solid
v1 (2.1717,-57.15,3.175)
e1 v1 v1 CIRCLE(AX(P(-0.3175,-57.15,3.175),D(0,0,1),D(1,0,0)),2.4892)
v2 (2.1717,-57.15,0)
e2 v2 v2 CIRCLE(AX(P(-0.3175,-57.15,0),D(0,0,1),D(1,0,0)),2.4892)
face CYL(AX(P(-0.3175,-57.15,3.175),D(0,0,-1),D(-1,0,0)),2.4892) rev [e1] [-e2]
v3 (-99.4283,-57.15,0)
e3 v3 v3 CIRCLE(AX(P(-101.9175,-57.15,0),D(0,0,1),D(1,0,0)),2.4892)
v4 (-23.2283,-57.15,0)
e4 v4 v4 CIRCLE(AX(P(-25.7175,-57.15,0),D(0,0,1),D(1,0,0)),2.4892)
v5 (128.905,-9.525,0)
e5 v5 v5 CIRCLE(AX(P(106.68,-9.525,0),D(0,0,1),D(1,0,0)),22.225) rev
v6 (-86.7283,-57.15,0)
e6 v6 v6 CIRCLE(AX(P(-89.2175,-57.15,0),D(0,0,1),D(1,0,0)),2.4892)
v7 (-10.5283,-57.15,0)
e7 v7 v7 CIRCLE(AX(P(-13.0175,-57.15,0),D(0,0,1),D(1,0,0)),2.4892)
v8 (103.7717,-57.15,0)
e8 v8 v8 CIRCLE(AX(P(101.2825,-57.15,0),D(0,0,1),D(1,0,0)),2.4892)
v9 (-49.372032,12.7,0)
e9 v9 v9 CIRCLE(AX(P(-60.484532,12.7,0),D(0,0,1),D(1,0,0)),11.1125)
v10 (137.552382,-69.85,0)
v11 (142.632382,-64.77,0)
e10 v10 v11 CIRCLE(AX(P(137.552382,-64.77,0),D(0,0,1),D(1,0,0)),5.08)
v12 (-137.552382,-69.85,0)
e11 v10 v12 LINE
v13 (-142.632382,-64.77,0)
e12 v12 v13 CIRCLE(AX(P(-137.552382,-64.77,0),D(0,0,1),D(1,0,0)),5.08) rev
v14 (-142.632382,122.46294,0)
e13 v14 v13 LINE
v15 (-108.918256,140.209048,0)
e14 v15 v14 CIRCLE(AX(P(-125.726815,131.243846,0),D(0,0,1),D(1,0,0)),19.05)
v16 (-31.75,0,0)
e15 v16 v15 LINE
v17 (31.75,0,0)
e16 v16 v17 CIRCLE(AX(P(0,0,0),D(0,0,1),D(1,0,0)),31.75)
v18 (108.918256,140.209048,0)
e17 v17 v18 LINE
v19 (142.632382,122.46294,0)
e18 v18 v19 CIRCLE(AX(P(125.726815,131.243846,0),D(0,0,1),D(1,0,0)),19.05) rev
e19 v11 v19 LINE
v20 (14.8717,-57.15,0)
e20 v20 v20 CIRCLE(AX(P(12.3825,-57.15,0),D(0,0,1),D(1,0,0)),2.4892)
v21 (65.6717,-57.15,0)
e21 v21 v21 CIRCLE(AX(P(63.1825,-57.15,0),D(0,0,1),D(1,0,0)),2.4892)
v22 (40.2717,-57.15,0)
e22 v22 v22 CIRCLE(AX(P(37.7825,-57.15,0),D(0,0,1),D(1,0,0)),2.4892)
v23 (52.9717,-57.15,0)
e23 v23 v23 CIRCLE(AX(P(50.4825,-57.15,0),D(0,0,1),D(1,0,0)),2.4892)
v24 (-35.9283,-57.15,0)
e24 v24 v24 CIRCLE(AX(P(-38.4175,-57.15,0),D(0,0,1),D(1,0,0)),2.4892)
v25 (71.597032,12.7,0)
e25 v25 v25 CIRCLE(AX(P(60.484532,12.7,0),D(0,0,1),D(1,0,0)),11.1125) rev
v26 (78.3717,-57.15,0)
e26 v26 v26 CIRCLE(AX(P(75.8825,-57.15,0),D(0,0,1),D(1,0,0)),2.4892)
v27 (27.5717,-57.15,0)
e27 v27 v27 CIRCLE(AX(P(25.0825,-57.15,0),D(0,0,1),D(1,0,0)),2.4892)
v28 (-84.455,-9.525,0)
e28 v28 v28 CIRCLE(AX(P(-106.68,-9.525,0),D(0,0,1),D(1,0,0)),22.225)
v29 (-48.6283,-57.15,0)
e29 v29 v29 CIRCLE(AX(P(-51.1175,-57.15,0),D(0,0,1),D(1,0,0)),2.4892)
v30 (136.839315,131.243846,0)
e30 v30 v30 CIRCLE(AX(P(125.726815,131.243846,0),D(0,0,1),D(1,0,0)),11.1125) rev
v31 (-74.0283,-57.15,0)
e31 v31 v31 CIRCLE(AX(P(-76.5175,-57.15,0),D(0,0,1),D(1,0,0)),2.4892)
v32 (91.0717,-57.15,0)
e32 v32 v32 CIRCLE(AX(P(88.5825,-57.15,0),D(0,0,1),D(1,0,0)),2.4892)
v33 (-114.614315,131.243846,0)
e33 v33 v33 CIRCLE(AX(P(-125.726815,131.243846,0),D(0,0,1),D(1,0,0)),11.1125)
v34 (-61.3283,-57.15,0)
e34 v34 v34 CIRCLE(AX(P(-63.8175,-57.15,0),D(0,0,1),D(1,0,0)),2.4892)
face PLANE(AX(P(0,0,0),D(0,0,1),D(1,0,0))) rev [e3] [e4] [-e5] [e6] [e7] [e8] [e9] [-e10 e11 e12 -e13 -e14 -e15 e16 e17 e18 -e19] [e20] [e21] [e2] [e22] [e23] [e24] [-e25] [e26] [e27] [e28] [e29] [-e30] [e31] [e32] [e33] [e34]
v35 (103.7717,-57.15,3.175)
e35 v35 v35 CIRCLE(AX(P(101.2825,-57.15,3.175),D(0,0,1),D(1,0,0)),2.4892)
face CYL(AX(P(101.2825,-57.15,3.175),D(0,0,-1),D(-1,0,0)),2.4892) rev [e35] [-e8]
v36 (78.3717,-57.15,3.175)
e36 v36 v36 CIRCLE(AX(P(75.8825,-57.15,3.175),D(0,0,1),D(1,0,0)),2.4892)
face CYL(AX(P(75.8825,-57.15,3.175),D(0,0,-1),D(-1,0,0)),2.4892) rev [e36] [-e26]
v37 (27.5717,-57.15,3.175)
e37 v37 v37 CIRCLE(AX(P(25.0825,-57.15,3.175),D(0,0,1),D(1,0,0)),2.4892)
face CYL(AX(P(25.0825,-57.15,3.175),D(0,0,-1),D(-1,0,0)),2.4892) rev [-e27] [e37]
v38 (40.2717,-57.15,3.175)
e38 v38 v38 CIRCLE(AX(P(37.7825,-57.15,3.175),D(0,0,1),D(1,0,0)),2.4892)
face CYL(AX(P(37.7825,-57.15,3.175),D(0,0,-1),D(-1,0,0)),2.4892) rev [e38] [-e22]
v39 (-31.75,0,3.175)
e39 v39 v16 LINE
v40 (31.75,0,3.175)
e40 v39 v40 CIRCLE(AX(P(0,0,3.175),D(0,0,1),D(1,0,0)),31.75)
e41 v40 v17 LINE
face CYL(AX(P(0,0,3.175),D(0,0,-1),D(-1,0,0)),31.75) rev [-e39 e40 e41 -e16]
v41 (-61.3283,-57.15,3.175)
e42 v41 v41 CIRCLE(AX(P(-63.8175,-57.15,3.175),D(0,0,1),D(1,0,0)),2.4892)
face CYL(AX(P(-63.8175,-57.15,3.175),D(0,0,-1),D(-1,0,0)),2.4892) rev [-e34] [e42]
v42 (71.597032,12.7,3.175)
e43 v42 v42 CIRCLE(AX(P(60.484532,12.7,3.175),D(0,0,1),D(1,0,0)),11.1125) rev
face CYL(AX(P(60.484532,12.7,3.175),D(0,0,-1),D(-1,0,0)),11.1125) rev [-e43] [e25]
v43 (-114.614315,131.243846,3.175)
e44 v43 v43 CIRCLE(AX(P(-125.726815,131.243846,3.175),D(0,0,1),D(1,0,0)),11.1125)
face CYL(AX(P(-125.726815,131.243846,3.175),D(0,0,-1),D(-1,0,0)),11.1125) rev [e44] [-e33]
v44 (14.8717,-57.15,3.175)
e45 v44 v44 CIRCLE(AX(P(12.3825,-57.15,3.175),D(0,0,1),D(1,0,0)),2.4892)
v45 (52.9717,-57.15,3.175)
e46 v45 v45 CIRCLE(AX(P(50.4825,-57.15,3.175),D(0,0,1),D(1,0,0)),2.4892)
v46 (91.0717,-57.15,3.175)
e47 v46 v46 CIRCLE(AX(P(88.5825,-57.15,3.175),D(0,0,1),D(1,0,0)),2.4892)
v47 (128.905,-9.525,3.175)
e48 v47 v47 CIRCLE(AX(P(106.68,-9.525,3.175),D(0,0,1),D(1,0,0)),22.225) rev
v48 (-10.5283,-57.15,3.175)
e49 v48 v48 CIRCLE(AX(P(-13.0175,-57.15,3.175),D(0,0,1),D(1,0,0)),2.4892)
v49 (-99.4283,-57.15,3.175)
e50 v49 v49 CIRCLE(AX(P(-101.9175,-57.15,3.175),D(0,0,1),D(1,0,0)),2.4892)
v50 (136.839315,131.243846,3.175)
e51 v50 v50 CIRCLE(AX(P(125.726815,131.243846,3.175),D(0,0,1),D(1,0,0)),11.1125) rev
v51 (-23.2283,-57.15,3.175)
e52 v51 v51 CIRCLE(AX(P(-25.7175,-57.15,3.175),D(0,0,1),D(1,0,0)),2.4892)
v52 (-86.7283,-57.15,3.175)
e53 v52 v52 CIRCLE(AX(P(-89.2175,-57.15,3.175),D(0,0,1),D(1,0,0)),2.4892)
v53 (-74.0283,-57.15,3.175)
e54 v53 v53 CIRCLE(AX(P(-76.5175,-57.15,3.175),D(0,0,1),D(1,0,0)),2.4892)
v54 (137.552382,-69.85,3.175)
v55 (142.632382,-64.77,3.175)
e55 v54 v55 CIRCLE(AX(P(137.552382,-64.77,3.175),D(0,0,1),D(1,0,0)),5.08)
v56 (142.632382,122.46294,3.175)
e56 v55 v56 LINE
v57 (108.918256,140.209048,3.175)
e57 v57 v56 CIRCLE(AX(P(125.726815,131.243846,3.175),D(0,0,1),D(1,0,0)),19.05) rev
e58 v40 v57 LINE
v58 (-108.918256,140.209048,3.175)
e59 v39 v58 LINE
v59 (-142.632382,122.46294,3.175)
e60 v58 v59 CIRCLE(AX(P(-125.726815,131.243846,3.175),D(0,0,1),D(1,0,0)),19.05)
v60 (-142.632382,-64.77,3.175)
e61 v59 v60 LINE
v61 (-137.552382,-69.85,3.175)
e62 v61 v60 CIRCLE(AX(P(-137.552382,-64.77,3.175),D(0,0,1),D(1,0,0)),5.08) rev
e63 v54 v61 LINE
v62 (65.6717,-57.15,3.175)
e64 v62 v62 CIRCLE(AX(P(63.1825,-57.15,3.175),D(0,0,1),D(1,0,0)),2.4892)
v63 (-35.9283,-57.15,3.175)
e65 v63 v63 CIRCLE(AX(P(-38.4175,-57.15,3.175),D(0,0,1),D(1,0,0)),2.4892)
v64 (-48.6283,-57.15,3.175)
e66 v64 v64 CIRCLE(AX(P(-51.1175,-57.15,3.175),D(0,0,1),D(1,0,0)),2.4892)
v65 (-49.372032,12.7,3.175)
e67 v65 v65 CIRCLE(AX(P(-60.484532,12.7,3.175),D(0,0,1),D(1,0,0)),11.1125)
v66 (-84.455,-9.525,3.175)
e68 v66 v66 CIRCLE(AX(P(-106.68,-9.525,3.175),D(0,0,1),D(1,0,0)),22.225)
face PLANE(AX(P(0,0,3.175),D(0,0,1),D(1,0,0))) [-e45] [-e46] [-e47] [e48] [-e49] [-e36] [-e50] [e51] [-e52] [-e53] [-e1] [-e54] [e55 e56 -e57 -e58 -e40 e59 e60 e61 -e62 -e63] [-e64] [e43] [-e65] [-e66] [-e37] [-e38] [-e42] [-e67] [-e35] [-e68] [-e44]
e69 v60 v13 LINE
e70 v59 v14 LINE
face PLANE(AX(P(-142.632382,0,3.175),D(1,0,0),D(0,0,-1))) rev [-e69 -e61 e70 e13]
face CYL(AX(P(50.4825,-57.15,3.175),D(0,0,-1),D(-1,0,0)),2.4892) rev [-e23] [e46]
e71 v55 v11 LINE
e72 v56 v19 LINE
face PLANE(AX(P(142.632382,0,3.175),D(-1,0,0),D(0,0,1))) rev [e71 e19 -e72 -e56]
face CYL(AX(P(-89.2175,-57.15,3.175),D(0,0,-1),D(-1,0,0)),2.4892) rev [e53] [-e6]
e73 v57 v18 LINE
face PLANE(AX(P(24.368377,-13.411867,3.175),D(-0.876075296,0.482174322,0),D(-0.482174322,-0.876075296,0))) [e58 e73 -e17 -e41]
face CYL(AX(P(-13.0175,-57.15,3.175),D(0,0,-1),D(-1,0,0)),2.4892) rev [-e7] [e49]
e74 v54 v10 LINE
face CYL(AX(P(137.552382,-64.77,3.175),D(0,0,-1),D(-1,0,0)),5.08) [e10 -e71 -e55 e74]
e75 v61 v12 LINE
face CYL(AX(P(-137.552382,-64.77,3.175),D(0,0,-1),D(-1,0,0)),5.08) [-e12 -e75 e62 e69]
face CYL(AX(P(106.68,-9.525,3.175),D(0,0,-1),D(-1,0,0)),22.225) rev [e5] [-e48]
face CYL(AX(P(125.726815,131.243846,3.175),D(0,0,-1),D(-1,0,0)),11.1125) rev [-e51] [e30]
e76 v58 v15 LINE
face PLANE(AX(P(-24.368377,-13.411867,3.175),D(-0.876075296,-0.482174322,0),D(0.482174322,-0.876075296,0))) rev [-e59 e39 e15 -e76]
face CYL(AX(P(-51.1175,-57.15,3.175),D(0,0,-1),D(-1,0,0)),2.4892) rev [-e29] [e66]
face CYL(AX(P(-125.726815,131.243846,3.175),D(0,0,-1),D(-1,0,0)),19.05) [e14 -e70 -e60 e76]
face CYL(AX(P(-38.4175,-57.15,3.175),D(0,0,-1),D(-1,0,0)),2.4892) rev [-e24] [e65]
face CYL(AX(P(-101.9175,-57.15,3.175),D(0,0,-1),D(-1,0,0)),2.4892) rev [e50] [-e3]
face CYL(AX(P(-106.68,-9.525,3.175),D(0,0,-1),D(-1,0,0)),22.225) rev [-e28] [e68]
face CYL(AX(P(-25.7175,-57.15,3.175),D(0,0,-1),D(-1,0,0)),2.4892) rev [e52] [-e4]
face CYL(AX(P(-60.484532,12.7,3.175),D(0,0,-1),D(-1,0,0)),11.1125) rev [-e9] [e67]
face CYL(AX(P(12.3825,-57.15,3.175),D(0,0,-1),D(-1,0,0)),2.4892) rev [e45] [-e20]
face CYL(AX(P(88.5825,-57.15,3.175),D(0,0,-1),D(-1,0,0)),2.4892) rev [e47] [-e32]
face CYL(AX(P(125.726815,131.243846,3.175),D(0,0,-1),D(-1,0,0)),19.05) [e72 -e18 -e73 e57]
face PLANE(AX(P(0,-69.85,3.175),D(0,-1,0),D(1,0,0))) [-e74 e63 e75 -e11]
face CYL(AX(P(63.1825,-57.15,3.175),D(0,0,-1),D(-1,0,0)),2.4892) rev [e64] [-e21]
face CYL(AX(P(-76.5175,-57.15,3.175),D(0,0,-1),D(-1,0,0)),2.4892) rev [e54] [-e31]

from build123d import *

# Parameters (mm, degrees)
SKETCH2_R           = 11.1125
SKETCH2_R_2         = 2.4892
SKETCH2_R_3         = 22.225
BOSS_EXTRUDE1_DEPTH = 3.175


with BuildPart() as part:
    # Sketch2 → Boss-Extrude1 (new body)
    with BuildSketch(Plane.XY):
        with BuildLine():
            Line((-142.632381685, -29.937060043), (-142.632381685, -64.77))
            ThreePointArc((-142.632381685, -64.77), (-141.144484133, -68.362102448), (-137.552381685, -69.85))
            Line((-137.552381685, -69.85), (137.552381685, -69.85))
            ThreePointArc((137.552381685, -69.85), (141.144484133, -68.362102448), (142.632381685, -64.77))
            Line((142.632381685, -64.77), (142.632381685, -29.937060043))
            Line((142.632381685, -29.937060043), (142.632381685, 122.462939957))
            ThreePointArc((142.632381685, 122.462939957), (134.600001748, 148.101160684), (108.918256203, 140.209048469))
            Line((108.918256203, 140.209048469), (31.75, 0))
            ThreePointArc((31.75, 0), (0, -31.75), (-31.75, 0))
            Line((-31.75, 0), (-108.918256203, 140.209048469))
            ThreePointArc((-108.918256203, 140.209048469), (-134.600001748, 148.101160684), (-142.632381685, 122.462939957))
            Line((-142.632381685, 122.462939957), (-142.632381685, -29.937060043))
        make_face()
        with Locations((-60.484532313, 12.7)):
            Circle(SKETCH2_R, mode=Mode.SUBTRACT)
        with Locations((-125.726814921, 131.243846084)):
            Circle(SKETCH2_R, mode=Mode.SUBTRACT)
        with Locations((125.726814921, 131.243846084)):
            Circle(SKETCH2_R, mode=Mode.SUBTRACT)
        with Locations((-101.9175, -57.15)):
            Circle(SKETCH2_R_2, mode=Mode.SUBTRACT)
        with Locations((60.484532313, 12.7)):
            Circle(SKETCH2_R, mode=Mode.SUBTRACT)
        with Locations((-89.2175, -57.15)):
            Circle(SKETCH2_R_2, mode=Mode.SUBTRACT)
        with Locations((-76.5175, -57.15)):
            Circle(SKETCH2_R_2, mode=Mode.SUBTRACT)
        with Locations((-63.8175, -57.15)):
            Circle(SKETCH2_R_2, mode=Mode.SUBTRACT)
        with Locations((-51.1175, -57.15)):
            Circle(SKETCH2_R_2, mode=Mode.SUBTRACT)
        with Locations((-38.4175, -57.15)):
            Circle(SKETCH2_R_2, mode=Mode.SUBTRACT)
        with Locations((-25.7175, -57.15)):
            Circle(SKETCH2_R_2, mode=Mode.SUBTRACT)
        with Locations((-13.0175, -57.15)):
            Circle(SKETCH2_R_2, mode=Mode.SUBTRACT)
        with Locations((-0.3175, -57.15)):
            Circle(SKETCH2_R_2, mode=Mode.SUBTRACT)
        with Locations((12.3825, -57.15)):
            Circle(SKETCH2_R_2, mode=Mode.SUBTRACT)
        with Locations((25.0825, -57.15)):
            Circle(SKETCH2_R_2, mode=Mode.SUBTRACT)
        with Locations((37.7825, -57.15)):
            Circle(SKETCH2_R_2, mode=Mode.SUBTRACT)
        with Locations((50.4825, -57.15)):
            Circle(SKETCH2_R_2, mode=Mode.SUBTRACT)
        with Locations((63.1825, -57.15)):
            Circle(SKETCH2_R_2, mode=Mode.SUBTRACT)
        with Locations((75.8825, -57.15)):
            Circle(SKETCH2_R_2, mode=Mode.SUBTRACT)
        with Locations((88.5825, -57.15)):
            Circle(SKETCH2_R_2, mode=Mode.SUBTRACT)
        with Locations((101.2825, -57.15)):
            Circle(SKETCH2_R_2, mode=Mode.SUBTRACT)
        with Locations((-106.68, -9.525)):
            Circle(SKETCH2_R_3, mode=Mode.SUBTRACT)
        with Locations((106.68, -9.525)):
            Circle(SKETCH2_R_3, mode=Mode.SUBTRACT)
    extrude(amount=BOSS_EXTRUDE1_DEPTH)


solid = part.part
